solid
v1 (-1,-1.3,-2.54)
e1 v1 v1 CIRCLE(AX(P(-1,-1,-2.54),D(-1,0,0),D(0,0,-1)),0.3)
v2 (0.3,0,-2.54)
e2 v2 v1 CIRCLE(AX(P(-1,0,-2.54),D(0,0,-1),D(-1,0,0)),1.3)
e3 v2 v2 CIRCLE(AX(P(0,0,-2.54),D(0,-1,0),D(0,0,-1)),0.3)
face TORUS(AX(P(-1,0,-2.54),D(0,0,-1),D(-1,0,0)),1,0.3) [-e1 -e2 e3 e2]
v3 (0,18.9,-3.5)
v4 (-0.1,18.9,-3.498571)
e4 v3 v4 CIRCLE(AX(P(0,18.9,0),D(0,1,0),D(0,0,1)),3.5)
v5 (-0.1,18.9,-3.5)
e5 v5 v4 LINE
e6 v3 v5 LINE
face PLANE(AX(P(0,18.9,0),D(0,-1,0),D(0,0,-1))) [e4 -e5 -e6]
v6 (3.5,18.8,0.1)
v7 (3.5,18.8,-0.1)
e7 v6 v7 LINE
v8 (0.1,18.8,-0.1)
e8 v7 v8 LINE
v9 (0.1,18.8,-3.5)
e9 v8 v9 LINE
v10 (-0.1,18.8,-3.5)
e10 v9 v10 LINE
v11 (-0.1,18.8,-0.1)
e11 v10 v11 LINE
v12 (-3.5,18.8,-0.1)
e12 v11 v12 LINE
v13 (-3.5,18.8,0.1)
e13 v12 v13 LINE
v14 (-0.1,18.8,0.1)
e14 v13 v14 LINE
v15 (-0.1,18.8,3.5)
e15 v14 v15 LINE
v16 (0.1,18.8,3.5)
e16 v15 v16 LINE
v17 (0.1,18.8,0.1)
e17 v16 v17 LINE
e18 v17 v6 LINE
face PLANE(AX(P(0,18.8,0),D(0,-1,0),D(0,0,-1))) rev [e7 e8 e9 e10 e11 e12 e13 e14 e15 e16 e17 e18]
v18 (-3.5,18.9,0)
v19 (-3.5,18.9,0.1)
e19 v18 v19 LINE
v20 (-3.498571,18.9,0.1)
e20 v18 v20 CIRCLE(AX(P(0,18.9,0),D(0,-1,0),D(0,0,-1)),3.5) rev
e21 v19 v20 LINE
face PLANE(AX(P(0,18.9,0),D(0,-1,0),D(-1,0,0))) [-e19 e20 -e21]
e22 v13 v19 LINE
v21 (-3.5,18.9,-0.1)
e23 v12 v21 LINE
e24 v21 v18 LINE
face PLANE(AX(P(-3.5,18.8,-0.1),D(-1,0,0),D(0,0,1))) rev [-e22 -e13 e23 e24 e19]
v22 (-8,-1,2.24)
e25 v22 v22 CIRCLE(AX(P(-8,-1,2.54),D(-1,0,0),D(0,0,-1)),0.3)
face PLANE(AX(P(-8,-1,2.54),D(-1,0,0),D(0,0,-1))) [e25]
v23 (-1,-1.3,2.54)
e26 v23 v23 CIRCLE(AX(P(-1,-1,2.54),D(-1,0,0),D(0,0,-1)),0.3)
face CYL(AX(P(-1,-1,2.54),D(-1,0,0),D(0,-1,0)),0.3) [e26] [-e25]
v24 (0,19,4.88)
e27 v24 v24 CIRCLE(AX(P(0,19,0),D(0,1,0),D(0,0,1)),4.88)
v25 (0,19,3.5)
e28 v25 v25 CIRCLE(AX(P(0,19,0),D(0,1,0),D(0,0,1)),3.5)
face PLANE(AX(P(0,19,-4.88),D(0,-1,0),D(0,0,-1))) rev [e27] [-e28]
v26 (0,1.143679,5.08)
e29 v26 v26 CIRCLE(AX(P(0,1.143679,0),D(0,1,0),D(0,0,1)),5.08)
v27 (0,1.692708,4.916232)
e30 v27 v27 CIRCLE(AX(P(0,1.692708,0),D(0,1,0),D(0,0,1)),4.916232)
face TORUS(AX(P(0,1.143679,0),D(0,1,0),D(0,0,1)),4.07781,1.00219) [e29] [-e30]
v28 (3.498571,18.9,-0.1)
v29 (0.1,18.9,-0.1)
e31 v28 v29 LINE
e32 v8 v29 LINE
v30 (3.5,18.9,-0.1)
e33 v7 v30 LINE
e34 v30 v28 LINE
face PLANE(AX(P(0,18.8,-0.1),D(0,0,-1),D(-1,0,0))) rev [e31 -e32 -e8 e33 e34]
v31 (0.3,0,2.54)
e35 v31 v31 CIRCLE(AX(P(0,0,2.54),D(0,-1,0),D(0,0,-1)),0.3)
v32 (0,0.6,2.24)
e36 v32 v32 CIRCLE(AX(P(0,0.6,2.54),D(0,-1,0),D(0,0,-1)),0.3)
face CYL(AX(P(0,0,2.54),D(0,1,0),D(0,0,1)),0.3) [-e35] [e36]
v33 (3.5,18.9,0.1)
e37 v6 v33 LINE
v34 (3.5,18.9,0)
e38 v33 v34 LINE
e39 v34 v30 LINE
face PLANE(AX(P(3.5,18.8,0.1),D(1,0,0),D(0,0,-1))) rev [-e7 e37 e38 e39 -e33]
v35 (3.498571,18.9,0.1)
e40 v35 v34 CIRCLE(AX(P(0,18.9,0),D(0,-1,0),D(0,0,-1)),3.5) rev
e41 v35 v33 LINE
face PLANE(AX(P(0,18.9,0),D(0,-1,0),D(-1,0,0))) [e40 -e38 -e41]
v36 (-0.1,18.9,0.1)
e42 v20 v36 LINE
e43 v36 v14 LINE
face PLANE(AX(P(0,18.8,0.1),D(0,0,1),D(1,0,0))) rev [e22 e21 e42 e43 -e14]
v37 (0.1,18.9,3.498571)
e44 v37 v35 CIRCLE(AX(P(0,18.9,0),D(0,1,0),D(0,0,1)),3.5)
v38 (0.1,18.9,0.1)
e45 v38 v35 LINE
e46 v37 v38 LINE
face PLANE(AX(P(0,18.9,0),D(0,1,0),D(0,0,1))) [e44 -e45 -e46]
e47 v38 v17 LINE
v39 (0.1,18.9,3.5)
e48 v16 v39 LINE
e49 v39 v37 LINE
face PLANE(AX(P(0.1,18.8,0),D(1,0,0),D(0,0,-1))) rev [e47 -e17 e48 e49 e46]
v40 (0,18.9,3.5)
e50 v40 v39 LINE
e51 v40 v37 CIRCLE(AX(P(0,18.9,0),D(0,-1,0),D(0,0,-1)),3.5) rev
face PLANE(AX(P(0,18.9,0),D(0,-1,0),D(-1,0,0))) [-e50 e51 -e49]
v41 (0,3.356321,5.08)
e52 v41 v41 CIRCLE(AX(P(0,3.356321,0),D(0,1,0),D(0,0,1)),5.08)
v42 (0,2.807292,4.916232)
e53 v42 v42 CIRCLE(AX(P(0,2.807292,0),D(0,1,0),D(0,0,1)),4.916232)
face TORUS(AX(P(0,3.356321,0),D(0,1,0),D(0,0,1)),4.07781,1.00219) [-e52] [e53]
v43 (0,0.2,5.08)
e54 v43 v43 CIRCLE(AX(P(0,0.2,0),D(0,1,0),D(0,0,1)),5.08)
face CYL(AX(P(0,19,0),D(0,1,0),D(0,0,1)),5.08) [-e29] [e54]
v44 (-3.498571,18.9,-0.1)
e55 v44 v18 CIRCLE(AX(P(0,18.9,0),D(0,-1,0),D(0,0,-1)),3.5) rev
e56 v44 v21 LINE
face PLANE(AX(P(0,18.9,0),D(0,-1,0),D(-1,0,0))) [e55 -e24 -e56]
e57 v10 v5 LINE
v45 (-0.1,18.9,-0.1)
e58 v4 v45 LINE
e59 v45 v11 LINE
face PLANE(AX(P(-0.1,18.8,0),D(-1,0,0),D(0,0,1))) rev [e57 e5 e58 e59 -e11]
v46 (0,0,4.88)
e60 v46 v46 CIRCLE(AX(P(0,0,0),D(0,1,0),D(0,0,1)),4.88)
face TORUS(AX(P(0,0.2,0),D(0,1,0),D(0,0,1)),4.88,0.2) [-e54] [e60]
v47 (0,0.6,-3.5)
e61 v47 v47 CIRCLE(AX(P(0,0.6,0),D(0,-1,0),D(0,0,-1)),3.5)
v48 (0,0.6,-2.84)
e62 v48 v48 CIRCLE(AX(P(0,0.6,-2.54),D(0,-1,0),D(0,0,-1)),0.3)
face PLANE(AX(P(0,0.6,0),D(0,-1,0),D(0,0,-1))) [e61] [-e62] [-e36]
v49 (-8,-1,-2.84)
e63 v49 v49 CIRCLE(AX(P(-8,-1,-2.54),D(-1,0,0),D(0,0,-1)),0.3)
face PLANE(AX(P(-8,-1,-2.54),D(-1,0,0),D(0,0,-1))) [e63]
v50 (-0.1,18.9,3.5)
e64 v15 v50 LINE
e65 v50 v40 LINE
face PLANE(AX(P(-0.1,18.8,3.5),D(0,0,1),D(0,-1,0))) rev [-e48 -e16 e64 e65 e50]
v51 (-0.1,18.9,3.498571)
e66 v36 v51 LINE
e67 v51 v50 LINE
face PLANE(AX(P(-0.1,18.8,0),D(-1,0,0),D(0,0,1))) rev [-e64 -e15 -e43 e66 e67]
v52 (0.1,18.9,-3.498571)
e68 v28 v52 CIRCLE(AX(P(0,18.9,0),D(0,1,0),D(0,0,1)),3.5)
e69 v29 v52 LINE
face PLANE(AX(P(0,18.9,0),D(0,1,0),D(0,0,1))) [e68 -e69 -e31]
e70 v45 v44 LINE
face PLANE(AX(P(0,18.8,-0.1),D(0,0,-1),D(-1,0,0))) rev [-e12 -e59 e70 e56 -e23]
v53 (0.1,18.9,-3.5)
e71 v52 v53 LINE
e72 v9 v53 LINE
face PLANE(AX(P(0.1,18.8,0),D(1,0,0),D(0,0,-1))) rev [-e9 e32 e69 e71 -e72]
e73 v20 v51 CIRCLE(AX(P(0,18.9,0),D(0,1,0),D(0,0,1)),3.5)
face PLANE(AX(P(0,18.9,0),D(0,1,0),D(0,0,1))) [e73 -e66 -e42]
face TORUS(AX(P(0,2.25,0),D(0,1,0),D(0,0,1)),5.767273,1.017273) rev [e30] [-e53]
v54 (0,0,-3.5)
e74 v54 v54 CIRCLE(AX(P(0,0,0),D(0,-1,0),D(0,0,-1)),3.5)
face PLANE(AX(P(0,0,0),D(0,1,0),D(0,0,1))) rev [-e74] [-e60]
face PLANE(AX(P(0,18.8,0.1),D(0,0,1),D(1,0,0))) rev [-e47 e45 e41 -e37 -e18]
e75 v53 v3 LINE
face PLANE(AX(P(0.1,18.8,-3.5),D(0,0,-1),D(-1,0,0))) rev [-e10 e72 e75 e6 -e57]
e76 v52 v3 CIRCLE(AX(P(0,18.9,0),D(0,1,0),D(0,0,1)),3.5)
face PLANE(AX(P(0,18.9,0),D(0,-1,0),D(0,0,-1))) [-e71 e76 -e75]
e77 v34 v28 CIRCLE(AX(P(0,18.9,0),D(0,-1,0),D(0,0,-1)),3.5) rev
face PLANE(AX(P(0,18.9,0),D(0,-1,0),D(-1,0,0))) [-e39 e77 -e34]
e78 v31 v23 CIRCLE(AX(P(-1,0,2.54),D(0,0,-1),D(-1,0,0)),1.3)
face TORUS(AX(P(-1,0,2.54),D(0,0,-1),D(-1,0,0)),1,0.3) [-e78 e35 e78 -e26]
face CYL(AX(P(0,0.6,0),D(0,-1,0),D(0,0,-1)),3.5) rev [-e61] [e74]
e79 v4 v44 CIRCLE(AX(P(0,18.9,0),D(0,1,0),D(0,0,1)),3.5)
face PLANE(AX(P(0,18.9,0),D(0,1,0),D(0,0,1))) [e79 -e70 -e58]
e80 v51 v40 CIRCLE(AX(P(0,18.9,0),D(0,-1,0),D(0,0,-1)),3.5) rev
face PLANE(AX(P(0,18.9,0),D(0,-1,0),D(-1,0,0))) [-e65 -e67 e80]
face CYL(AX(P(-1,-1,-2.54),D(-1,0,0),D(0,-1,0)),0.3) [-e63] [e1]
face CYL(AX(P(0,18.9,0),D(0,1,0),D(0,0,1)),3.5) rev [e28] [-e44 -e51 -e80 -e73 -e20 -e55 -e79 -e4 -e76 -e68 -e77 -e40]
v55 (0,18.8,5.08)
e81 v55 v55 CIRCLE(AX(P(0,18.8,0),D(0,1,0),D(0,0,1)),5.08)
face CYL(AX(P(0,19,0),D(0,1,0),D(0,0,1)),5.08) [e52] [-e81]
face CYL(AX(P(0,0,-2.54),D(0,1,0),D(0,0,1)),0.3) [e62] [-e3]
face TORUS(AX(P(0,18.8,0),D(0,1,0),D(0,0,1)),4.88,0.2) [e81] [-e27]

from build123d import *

# Parameters (mm, degrees)
SZKIC2_R                   = 3.5
WYTNIJ_WYCI_GNI_CIE1_DEPTH = 0.1
SZKIC3_W                   = 0.2
SZKIC3_H                   = 3.5
WYTNIJ_WYCI_GNI_CIE2_DEPTH = 0.1
SZYK_KO_OWY1_COUNT         = 4
WYTNIJ_WYCI_GNI_CIE3_START = -0.6
SZKIC4_R                   = 3.5
WYTNIJ_WYCI_GNI_CIE3_DEPTH = 0.6
SZKIC7_2_R                 = 0.3


with BuildPart() as part:
    # Szkic1 → Obrót1 (revolve)
    with BuildSketch(Plane(origin=(0, 0, 0), x_dir=(0, 0, -1), z_dir=(1, 0, 0))):
        with BuildLine():
            Line((0, 0), (4.88, 0))
            ThreePointArc((4.88, 0), (5.021421356, 0.058578644), (5.08, 0.2))
            Line((5.08, 0.2), (5.08, 1.143679374))
            ThreePointArc((5.08, 1.143679374), (5.038185781, 1.430146031), (4.916232342, 1.692708278))
            ThreePointArc((4.916232342, 1.692708278), (4.75, 2.25), (4.916232342, 2.807291722))
            ThreePointArc((4.916232342, 2.807291722), (5.038185781, 3.069853969), (5.08, 3.356320626))
            Line((5.08, 3.356320626), (5.08, 18.8))
            ThreePointArc((5.08, 18.8), (5.021421356, 18.941421356), (4.88, 19))
            Line((4.88, 19), (0, 19))
            Line((0, 19), (0, 0))
        make_face()
    revolve(axis=Axis((0, 19, 0), (0, -1, 0)))

    # Szkic2 → Wytnij-wyciągnięcie1 (cut)
    with BuildSketch(Plane(origin=(0, 19, 0), x_dir=(1, 0, 0), z_dir=(0, 1, 0))):
        Circle(SZKIC2_R)
    extrude(amount=-WYTNIJ_WYCI_GNI_CIE1_DEPTH, mode=Mode.SUBTRACT)

    # Szkic3 → Wytnij-wyciągnięcie2 (cut)
    with BuildSketch(Plane(origin=(0, 18.9, 0), x_dir=(1, 0, 0), z_dir=(0, 1, 0))):
        with Locations((0, 1.75)):
            Rectangle(SZKIC3_W, SZKIC3_H)
    wytnij_wyci_gni_cie2 = extrude(amount=-WYTNIJ_WYCI_GNI_CIE2_DEPTH, mode=Mode.SUBTRACT)

    # Szyk kołowy1: Wytnij-wyciągnięcie2 ×4 about axis
    szyk_ko_owy1_axis = Axis((0, 0, 0), (0, 1, 0))
    for i in range(1, SZYK_KO_OWY1_COUNT):
        add(wytnij_wyci_gni_cie2.rotate(szyk_ko_owy1_axis, i * 360 / SZYK_KO_OWY1_COUNT), mode=Mode.SUBTRACT)

    # Szkic4 → Wytnij-wyciągnięcie3 (cut)
    with BuildSketch(Plane.XZ.offset(WYTNIJ_WYCI_GNI_CIE3_START)):
        Circle(SZKIC4_R)
    extrude(amount=WYTNIJ_WYCI_GNI_CIE3_DEPTH, mode=Mode.SUBTRACT)

    # По траектории1: sweep along a path in Эскиз1
    with BuildLine(Plane.XY) as sweep_1_path:
        Line((0, 0.6), (0, 0))
        ThreePointArc((0, 0), (-0.292893219, -0.707106781), (-1, -1))
        Line((-1, -1), (-8, -1))
    # Szkic7<2> → По траектории1 (sweep)
    with BuildSketch(Plane(origin=(0, 0.6, 0), x_dir=(-1, 0, 0), z_dir=(0, -1, 0))):
        with Locations((0, -2.54)):
            Circle(SZKIC7_2_R)
        with Locations((0, 2.54)):
            Circle(SZKIC7_2_R)
    sweep(path=sweep_1_path.line)


solid = part.part
